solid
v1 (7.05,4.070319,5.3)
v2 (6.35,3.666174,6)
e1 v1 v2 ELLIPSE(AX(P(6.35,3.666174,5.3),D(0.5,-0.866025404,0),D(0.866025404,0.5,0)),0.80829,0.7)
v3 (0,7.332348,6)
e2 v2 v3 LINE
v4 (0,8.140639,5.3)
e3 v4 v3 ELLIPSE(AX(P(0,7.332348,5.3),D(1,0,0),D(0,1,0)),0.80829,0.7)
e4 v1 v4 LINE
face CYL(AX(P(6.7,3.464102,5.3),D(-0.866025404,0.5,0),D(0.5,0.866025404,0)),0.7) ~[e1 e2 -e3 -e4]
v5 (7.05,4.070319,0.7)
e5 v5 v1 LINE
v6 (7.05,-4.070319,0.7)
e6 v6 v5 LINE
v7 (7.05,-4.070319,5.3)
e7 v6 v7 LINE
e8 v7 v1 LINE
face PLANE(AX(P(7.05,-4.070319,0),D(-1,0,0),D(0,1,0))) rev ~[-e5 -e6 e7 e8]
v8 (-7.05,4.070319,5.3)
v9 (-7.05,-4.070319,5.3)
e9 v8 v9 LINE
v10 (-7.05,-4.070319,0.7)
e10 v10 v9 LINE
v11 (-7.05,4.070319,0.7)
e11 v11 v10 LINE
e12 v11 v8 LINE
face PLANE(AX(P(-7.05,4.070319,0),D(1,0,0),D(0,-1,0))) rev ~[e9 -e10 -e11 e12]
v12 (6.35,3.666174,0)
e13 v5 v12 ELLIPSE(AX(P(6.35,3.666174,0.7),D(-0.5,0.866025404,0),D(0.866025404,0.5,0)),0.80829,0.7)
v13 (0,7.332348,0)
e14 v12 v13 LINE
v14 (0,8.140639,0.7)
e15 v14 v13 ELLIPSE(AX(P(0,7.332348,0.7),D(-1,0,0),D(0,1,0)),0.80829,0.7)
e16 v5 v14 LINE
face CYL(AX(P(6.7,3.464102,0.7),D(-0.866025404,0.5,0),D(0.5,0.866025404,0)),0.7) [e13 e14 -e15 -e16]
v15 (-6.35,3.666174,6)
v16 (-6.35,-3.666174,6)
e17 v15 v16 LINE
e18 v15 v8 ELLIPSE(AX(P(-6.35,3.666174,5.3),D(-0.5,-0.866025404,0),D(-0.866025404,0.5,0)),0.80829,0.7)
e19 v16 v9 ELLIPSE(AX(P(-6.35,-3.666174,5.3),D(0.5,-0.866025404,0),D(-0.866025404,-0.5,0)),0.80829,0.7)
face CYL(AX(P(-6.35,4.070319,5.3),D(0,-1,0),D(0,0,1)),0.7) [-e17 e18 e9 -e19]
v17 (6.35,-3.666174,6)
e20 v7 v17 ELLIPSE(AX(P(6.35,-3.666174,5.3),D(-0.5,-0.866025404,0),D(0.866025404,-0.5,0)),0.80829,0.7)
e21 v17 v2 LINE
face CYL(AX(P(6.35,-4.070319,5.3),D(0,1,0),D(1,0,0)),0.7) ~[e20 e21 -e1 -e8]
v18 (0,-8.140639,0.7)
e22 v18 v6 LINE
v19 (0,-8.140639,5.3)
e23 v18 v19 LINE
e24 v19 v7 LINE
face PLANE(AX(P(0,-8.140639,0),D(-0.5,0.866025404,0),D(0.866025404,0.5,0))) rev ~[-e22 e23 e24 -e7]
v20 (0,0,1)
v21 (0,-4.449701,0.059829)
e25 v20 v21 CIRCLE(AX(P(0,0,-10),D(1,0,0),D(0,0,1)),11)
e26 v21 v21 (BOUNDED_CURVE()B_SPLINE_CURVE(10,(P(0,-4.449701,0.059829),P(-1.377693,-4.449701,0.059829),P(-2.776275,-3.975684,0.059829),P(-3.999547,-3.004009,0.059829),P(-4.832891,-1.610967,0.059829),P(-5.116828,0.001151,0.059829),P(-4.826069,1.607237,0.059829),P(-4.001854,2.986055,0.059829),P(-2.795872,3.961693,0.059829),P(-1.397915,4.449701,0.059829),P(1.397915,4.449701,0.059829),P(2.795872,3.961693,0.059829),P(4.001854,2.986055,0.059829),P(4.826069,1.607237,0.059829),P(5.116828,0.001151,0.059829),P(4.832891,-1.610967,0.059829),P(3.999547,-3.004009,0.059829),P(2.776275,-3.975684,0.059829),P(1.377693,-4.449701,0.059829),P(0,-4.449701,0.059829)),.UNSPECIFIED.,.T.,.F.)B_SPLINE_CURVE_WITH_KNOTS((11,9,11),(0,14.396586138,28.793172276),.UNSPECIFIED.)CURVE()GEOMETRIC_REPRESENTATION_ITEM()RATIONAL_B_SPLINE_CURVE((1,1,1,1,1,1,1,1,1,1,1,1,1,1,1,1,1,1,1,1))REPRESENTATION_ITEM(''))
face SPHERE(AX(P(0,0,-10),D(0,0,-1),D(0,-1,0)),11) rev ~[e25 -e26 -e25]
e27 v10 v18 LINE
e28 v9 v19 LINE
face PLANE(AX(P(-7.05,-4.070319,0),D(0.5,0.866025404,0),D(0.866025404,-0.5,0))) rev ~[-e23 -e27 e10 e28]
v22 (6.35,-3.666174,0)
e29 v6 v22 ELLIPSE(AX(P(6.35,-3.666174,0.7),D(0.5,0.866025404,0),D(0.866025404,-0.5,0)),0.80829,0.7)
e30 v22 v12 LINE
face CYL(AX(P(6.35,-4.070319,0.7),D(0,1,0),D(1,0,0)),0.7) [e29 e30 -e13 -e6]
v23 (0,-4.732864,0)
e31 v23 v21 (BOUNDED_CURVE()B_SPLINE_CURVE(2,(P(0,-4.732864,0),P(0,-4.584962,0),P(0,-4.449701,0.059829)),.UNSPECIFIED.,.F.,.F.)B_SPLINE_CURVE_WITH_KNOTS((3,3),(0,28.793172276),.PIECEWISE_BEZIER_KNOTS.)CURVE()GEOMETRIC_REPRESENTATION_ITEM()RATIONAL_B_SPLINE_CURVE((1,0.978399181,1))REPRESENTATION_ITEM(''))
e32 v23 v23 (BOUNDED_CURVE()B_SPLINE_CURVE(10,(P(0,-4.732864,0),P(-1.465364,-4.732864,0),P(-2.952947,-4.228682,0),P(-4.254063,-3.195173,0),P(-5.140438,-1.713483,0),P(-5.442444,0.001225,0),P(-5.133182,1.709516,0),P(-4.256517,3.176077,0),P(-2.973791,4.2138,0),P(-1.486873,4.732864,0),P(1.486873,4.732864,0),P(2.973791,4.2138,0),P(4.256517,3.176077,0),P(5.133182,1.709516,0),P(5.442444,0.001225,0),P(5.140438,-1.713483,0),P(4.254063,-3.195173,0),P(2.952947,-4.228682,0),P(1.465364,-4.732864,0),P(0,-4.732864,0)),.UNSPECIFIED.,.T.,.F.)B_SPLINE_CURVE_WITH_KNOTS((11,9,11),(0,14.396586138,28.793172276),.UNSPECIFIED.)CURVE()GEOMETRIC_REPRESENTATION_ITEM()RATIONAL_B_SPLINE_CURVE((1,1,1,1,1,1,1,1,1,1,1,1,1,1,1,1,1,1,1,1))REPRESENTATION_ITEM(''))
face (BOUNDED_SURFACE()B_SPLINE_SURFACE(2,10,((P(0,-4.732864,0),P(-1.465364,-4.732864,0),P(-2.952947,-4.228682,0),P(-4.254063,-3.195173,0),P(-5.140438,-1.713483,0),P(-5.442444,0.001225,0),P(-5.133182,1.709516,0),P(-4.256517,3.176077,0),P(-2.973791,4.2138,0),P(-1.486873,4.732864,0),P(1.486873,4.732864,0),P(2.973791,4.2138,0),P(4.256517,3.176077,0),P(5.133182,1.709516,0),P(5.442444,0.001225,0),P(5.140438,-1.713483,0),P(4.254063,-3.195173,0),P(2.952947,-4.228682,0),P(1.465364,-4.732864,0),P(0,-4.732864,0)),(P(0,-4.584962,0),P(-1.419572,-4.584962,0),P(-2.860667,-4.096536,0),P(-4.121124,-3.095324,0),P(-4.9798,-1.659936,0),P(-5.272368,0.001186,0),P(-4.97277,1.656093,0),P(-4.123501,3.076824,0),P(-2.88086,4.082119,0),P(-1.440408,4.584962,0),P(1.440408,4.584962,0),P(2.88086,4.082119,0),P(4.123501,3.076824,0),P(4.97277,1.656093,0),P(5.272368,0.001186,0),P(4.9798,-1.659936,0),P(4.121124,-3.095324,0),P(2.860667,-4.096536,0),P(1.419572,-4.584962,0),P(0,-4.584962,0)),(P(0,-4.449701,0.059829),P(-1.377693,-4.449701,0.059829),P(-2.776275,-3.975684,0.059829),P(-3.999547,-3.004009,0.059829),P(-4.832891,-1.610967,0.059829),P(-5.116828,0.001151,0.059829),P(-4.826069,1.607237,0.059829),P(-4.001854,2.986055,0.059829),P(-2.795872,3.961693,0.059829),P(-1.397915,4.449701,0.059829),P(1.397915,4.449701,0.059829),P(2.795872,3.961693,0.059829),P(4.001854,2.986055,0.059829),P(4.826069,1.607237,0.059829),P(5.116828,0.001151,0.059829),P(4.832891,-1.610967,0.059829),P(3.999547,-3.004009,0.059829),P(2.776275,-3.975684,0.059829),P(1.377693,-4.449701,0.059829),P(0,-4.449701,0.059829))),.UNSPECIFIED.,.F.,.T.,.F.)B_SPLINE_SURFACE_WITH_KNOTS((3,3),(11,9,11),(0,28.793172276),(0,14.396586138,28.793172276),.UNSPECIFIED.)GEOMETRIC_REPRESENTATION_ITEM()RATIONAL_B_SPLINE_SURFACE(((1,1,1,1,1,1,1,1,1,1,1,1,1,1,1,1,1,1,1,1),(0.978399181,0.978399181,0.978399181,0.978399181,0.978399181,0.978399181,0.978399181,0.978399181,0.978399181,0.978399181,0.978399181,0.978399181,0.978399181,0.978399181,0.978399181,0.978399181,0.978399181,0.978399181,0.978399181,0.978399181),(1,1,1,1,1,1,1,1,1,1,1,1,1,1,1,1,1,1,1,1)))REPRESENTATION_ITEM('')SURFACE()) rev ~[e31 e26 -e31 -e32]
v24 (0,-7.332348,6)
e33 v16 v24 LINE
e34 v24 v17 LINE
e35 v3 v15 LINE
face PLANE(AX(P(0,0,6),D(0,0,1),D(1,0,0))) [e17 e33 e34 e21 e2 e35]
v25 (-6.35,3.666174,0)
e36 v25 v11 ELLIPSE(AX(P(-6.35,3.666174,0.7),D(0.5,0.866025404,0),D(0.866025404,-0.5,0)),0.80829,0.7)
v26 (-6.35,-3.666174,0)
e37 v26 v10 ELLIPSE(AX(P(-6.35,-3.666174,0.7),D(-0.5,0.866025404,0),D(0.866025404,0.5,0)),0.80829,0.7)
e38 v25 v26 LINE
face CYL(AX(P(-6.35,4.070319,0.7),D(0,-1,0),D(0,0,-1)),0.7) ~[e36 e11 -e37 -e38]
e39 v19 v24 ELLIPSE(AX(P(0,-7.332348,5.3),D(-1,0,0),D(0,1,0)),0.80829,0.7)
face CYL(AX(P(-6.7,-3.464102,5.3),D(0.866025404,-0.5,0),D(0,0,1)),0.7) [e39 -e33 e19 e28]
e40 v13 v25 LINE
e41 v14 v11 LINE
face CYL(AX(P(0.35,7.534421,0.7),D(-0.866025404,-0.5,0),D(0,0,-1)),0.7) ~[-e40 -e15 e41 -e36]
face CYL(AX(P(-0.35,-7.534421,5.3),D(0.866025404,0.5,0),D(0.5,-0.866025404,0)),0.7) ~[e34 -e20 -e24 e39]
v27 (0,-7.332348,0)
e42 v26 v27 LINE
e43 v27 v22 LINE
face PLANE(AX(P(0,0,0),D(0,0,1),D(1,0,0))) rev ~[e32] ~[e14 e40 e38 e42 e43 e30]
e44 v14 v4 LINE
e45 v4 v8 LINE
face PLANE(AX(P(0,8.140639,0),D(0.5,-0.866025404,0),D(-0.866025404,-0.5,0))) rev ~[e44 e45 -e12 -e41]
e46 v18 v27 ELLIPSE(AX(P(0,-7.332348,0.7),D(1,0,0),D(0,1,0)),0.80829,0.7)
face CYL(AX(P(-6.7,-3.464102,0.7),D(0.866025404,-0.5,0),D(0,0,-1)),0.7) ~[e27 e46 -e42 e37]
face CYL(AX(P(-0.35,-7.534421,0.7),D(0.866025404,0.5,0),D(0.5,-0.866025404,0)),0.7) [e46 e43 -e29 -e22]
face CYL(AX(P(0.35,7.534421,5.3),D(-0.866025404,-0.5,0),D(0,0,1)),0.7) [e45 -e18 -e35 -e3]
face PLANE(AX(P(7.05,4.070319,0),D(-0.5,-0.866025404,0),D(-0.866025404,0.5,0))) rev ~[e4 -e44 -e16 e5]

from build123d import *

# Parameters (mm, degrees)
F1_DEPTH = 6
F4_R     = 0.7


with BuildPart() as f1:
    # F0 (on Top) → F1 (new body)
    with BuildSketch(Plane.XY):
        Polygon((7.05, -4.0703193978), (7.05, 4.0703193978), (0, 8.1406387956), (-7.05, 4.0703193978), (-7.05, -4.0703193978), (0, -8.1406387956), align=None)
    extrude(amount=F1_DEPTH)

    # F2 (on Right) → F3 (revolve, cut)
    with BuildSketch(Plane.YZ):
        with BuildLine():
            Line((0, -10), (0, 0))
            Line((0, 0), (0, 1))
            ThreePointArc((0, 1), (-11, -10), (0, -21))
            Line((0, -21), (0, -10))
        make_face()
    revolve(axis=Axis((0, 0, -5), (0, 0, -1)), mode=Mode.SUBTRACT)

    # F4
    f4_edges = [f1.edges().sort_by_distance(p)[0] for p in [
        (3.525, -6.105479, 6),
        (7.05, 0, 6),
        (3.525, 6.105479, 6),
        (-3.525, 6.105479, 6),
        (-7.05, 0, 6),
        (-3.525, -6.105479, 6),
        (3.525, -6.105479, 0),
        (-3.525, -6.105479, 0),
        (7.05, 0, 0),
        (-7.05, 0, 0),
        (3.525, 6.105479, 0),
        (-3.525, 6.105479, 0),
        (0, 4.582576, 0),
    ]]
    fillet(f4_edges, radius=F4_R)


solid = f1.part
